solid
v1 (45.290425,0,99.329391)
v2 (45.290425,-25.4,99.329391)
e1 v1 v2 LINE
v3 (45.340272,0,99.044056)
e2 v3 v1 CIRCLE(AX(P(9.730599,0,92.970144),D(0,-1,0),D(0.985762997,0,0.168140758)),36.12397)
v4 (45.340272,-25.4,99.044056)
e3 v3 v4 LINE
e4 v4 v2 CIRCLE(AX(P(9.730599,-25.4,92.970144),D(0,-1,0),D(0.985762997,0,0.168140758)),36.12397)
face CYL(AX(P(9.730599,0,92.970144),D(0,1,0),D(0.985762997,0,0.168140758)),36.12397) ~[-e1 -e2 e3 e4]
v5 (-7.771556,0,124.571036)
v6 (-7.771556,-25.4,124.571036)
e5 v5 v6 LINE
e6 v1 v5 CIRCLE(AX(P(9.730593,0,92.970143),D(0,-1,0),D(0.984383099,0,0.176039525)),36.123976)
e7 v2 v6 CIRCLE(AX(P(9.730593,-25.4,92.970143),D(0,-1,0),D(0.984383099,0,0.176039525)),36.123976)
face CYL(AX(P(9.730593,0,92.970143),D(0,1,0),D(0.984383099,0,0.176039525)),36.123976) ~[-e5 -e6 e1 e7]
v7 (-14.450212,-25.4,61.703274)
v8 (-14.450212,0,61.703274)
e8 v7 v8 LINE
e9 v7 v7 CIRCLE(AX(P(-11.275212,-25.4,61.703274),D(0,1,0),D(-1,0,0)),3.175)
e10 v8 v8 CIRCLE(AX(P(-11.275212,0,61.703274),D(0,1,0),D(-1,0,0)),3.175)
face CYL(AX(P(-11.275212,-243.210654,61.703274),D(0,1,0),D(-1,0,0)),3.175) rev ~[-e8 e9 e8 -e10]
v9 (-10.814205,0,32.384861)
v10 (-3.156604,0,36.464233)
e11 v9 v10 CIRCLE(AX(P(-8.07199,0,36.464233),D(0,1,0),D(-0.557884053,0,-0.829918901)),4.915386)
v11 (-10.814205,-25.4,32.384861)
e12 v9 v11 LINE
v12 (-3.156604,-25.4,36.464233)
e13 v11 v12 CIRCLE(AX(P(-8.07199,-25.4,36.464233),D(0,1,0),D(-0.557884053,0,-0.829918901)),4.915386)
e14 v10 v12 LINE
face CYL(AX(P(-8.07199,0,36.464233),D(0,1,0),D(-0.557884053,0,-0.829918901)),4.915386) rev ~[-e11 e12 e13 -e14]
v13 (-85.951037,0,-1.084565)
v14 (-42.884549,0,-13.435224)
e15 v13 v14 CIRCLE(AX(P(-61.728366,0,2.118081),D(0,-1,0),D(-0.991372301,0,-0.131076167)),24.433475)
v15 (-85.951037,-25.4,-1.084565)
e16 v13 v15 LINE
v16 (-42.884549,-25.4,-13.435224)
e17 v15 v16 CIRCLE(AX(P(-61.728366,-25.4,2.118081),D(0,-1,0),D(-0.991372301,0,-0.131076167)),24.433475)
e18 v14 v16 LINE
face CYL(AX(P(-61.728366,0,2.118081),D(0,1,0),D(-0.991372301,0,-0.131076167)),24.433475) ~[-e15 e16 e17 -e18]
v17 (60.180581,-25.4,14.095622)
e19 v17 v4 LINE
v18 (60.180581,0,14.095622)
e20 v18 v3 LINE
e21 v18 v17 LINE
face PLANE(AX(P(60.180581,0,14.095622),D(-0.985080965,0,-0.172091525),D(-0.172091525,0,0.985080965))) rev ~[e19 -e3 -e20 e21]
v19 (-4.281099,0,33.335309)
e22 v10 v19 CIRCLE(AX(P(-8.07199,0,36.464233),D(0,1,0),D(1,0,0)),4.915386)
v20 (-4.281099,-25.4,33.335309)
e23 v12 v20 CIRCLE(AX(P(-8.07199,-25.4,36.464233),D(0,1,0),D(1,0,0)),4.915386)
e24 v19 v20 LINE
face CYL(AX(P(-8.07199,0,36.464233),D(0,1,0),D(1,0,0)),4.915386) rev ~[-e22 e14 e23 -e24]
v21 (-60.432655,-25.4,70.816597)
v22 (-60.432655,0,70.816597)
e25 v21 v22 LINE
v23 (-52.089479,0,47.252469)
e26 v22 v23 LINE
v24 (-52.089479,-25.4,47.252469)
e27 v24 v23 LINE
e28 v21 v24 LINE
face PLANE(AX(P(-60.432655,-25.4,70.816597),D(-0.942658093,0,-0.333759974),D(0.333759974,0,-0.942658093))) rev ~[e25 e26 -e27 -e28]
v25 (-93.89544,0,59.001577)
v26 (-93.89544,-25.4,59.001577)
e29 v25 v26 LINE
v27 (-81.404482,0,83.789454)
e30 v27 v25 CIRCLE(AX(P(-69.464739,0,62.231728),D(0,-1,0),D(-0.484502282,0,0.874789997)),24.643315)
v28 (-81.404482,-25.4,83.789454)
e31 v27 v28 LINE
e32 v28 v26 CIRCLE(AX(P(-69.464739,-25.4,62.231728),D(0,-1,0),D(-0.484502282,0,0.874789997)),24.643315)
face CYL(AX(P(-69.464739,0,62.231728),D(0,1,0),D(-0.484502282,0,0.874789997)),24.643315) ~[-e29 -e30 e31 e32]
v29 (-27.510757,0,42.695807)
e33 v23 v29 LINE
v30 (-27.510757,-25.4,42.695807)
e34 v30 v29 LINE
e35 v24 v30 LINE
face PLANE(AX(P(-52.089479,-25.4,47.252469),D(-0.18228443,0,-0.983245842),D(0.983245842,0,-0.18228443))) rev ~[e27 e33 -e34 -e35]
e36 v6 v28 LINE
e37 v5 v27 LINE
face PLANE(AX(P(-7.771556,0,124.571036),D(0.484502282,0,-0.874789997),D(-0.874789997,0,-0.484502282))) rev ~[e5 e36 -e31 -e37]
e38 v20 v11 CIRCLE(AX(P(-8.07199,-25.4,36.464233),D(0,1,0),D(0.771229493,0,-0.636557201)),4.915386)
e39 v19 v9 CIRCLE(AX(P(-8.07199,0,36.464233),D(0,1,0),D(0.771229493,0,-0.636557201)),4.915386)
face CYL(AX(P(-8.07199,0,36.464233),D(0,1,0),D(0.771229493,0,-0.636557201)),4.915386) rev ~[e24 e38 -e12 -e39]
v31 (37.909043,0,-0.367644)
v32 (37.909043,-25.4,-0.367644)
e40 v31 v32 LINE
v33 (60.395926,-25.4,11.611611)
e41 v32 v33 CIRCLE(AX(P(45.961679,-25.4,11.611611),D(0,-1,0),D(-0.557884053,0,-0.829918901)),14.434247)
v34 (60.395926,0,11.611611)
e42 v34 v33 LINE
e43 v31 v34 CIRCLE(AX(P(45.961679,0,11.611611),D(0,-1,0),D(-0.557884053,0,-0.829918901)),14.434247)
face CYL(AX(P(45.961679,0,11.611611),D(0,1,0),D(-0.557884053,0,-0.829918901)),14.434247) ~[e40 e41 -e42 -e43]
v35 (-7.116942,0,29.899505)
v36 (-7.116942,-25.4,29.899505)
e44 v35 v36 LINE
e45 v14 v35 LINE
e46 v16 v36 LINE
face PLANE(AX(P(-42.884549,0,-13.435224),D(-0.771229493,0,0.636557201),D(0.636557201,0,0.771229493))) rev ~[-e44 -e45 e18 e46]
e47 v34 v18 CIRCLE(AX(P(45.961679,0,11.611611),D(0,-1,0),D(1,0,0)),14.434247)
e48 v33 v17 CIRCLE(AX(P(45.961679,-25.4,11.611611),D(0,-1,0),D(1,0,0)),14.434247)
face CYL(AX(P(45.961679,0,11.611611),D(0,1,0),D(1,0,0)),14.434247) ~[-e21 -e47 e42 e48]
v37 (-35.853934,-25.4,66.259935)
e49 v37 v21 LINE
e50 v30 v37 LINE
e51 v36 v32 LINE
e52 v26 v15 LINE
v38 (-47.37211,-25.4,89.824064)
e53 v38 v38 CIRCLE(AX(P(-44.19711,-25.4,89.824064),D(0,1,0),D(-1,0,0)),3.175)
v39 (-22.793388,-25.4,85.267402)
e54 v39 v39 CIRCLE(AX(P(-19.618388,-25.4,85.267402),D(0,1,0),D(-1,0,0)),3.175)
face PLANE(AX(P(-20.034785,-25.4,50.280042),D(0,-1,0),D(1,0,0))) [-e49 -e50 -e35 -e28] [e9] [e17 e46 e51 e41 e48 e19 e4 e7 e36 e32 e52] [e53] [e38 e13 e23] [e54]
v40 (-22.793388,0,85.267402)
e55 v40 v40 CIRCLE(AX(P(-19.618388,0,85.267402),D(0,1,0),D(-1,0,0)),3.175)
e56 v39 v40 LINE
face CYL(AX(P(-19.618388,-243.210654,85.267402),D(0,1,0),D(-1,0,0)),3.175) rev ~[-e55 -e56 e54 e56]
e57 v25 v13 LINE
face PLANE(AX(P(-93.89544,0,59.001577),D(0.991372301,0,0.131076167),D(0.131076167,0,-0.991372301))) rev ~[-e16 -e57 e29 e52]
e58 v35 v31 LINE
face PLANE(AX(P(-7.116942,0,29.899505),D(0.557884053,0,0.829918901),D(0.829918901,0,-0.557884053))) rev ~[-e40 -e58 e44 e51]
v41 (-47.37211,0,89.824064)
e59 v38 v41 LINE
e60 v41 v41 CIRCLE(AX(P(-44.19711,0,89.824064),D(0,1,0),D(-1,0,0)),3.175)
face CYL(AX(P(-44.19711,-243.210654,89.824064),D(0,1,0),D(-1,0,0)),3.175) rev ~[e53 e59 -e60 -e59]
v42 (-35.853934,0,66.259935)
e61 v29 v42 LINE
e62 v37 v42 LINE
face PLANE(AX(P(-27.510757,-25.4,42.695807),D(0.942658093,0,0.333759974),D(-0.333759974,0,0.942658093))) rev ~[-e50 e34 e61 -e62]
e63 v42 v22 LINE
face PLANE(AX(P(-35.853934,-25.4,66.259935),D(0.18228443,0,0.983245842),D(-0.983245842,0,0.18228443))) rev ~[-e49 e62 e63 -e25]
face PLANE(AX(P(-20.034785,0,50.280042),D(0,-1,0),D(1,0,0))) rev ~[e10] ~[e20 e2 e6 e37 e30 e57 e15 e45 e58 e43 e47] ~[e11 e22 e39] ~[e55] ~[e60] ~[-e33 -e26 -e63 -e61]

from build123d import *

# Parameters (mm, degrees)
F1_DEPTH = 25.4
F3_DEPTH = 25.4
F4_DEPTH = 25.4
F5_D     = 6.35
F6_D     = 6.35
F7_D     = 6.35


with BuildPart() as f1:
    # F0 (on Front) → F1 (new body)
    with BuildSketch(Plane.XZ):
        with BuildLine():
            ThreePointArc((-81.4044819336, 83.7894535693), (-56.9535815274, 83.462929282), (-44.8214243022, 62.2317279536))
            ThreePointArc((-44.8214243022, 62.2317279536), (-67.8461689377, 37.641623994), (-93.8954395614, 59.0015766684))
            Line((-93.8954395614, 59.0015766684), (-85.9510365488, -1.0845648523))
            ThreePointArc((-85.9510365488, -1.0845648523), (-63.3331540861, 26.4987987528), (-37.294890351, 2.1180814432))
            ThreePointArc((-37.294890351, 2.1180814432), (-38.734729228, -6.1455375994), (-42.8845494933, -13.4352239739))
            Line((-42.8845494933, -13.4352239739), (-7.1169419868, 29.8995050449))
            Line((-7.1169419868, 29.8995050449), (37.9090425379, -0.3676435997))
            ThreePointArc((37.9090425379, -0.3676435997), (38.1002397013, 23.7171988773), (60.1805807204, 14.0956223965))
            Line((60.1805807205, 14.0956223965), (45.3402720787, 99.0440562508))
            ThreePointArc((45.3402720787, 99.0440562508), (45.7257653294, 96.0179672104), (45.8545692558, 92.9701434826))
            ThreePointArc((45.8545692558, 92.9701434826), (-8.6091784666, 61.8478937228), (-7.7715557558, 124.5710364556))
            Line((-7.7715557558, 124.5710364556), (-81.4044819336, 83.7894535693))
        make_face()
        with BuildLine():
            Line((-4.2810993854, 33.3353085342), (-7.1169419868, 29.8995050449))
            Line((-7.1169419868, 29.8995050449), (-10.8142049734, 32.3848612137))
            ThreePointArc((-10.8142049734, 32.3848612137), (-10.3830468788, 40.8024385377), (-3.1566041276, 36.4642326329))
            ThreePointArc((-3.1566041276, 36.4642326329), (-3.4462625741, 34.8018055217), (-4.2810993854, 33.3353085342))
        make_face(mode=Mode.SUBTRACT)
        with BuildLine():
            ThreePointArc((45.2904246952, 99.3293910955), (25.2484905686, 125.5912487777), (-7.7715557558, 124.5710364556))
            ThreePointArc((-7.7715557558, 124.5710364556), (-8.6091784666, 61.8478937228), (45.8545692558, 92.9701434826))
            ThreePointArc((45.8545692558, 92.9701434826), (45.7257653294, 96.0179672104), (45.3402720787, 99.0440562508))
            Line((45.3402720787, 99.0440562508), (45.2904246952, 99.3293910955))
        make_face()
        with BuildLine():
            ThreePointArc((-93.8954395614, 59.0015766684), (-67.8461689377, 37.641623994), (-44.8214243022, 62.2317279536))
            ThreePointArc((-44.8214243022, 62.2317279536), (-56.9535815274, 83.462929282), (-81.4044819336, 83.7894535693))
            ThreePointArc((-81.4044819336, 83.7894535693), (-91.4718288588, 73.321407878), (-93.8954395614, 59.0015766684))
        make_face()
        with BuildLine():
            ThreePointArc((-37.294890351, 2.1180814432), (-63.3331540861, 26.4987987528), (-85.9510365488, -1.0845648523))
            ThreePointArc((-85.9510365488, -1.0845648523), (-68.4639217442, -21.3686596672), (-42.8845494933, -13.4352239739))
            ThreePointArc((-42.8845494933, -13.4352239739), (-38.734729228, -6.1455375994), (-37.294890351, 2.1180814432))
        make_face()
        with BuildLine():
            ThreePointArc((60.3959257616, 11.6116108139), (60.3419887269, 12.858275066), (60.1805807204, 14.0956223965))
            ThreePointArc((60.1805807204, 14.0956223965), (38.1002397013, 23.7171988773), (37.9090425379, -0.3676435997))
            ThreePointArc((37.9090425379, -0.3676435997), (52.7482001902, -1.1277225028), (60.3959257616, 11.6116108139))
        make_face()
        with BuildLine():
            Line((-10.8142049734, 32.3848612137), (-7.1169419868, 29.8995050449))
            Line((-7.1169419868, 29.8995050449), (-4.2810993854, 33.3353085342))
            ThreePointArc((-4.2810993854, 33.3353085342), (-7.3643405271, 31.6000525145), (-10.8142049734, 32.3848612137))
        make_face()
        with BuildLine():
            ThreePointArc((45.3402720787, 99.0440562508), (45.315634379, 99.1867736354), (45.2904246952, 99.3293910955))
            Line((45.2904246952, 99.3293910955), (45.3402720787, 99.0440562508))
        make_face()
    extrude(amount=F1_DEPTH)

    # F2 (on face) → F3 (cut)
    with BuildSketch(Plane.XZ.offset(25.4)):
        Polygon((-52.0894788206, 47.2524687648), (-35.853933543, 66.2599354982), (-60.4326552345, 70.8165967862), align=None)
    extrude(amount=-F3_DEPTH, mode=Mode.SUBTRACT)

    # F2 (on face) → F4 (cut)
    with BuildSketch(Plane.XZ.offset(25.4)):
        Polygon((-27.510757129, 42.6958074768), (-35.853933543, 66.2599354982), (-52.0894788206, 47.2524687648), align=None)
    extrude(amount=-F4_DEPTH, mode=Mode.SUBTRACT)

    # F5 (through all)
    with Locations(Plane.XZ.offset(25.4)):
        with Locations((-19.6183882654, 85.2674022317)):
            Hole(F5_D / 2)

    # F6 (through all)
    with Locations(Plane.XZ.offset(25.4)):
        with Locations((-44.1971099569, 89.8240635197)):
            Hole(F6_D / 2)

    # F7 (through all)
    with Locations(Plane.XZ.offset(25.4)):
        with Locations((-11.2752118514, 61.7032742103)):
            Hole(F7_D / 2)


solid = f1.part
